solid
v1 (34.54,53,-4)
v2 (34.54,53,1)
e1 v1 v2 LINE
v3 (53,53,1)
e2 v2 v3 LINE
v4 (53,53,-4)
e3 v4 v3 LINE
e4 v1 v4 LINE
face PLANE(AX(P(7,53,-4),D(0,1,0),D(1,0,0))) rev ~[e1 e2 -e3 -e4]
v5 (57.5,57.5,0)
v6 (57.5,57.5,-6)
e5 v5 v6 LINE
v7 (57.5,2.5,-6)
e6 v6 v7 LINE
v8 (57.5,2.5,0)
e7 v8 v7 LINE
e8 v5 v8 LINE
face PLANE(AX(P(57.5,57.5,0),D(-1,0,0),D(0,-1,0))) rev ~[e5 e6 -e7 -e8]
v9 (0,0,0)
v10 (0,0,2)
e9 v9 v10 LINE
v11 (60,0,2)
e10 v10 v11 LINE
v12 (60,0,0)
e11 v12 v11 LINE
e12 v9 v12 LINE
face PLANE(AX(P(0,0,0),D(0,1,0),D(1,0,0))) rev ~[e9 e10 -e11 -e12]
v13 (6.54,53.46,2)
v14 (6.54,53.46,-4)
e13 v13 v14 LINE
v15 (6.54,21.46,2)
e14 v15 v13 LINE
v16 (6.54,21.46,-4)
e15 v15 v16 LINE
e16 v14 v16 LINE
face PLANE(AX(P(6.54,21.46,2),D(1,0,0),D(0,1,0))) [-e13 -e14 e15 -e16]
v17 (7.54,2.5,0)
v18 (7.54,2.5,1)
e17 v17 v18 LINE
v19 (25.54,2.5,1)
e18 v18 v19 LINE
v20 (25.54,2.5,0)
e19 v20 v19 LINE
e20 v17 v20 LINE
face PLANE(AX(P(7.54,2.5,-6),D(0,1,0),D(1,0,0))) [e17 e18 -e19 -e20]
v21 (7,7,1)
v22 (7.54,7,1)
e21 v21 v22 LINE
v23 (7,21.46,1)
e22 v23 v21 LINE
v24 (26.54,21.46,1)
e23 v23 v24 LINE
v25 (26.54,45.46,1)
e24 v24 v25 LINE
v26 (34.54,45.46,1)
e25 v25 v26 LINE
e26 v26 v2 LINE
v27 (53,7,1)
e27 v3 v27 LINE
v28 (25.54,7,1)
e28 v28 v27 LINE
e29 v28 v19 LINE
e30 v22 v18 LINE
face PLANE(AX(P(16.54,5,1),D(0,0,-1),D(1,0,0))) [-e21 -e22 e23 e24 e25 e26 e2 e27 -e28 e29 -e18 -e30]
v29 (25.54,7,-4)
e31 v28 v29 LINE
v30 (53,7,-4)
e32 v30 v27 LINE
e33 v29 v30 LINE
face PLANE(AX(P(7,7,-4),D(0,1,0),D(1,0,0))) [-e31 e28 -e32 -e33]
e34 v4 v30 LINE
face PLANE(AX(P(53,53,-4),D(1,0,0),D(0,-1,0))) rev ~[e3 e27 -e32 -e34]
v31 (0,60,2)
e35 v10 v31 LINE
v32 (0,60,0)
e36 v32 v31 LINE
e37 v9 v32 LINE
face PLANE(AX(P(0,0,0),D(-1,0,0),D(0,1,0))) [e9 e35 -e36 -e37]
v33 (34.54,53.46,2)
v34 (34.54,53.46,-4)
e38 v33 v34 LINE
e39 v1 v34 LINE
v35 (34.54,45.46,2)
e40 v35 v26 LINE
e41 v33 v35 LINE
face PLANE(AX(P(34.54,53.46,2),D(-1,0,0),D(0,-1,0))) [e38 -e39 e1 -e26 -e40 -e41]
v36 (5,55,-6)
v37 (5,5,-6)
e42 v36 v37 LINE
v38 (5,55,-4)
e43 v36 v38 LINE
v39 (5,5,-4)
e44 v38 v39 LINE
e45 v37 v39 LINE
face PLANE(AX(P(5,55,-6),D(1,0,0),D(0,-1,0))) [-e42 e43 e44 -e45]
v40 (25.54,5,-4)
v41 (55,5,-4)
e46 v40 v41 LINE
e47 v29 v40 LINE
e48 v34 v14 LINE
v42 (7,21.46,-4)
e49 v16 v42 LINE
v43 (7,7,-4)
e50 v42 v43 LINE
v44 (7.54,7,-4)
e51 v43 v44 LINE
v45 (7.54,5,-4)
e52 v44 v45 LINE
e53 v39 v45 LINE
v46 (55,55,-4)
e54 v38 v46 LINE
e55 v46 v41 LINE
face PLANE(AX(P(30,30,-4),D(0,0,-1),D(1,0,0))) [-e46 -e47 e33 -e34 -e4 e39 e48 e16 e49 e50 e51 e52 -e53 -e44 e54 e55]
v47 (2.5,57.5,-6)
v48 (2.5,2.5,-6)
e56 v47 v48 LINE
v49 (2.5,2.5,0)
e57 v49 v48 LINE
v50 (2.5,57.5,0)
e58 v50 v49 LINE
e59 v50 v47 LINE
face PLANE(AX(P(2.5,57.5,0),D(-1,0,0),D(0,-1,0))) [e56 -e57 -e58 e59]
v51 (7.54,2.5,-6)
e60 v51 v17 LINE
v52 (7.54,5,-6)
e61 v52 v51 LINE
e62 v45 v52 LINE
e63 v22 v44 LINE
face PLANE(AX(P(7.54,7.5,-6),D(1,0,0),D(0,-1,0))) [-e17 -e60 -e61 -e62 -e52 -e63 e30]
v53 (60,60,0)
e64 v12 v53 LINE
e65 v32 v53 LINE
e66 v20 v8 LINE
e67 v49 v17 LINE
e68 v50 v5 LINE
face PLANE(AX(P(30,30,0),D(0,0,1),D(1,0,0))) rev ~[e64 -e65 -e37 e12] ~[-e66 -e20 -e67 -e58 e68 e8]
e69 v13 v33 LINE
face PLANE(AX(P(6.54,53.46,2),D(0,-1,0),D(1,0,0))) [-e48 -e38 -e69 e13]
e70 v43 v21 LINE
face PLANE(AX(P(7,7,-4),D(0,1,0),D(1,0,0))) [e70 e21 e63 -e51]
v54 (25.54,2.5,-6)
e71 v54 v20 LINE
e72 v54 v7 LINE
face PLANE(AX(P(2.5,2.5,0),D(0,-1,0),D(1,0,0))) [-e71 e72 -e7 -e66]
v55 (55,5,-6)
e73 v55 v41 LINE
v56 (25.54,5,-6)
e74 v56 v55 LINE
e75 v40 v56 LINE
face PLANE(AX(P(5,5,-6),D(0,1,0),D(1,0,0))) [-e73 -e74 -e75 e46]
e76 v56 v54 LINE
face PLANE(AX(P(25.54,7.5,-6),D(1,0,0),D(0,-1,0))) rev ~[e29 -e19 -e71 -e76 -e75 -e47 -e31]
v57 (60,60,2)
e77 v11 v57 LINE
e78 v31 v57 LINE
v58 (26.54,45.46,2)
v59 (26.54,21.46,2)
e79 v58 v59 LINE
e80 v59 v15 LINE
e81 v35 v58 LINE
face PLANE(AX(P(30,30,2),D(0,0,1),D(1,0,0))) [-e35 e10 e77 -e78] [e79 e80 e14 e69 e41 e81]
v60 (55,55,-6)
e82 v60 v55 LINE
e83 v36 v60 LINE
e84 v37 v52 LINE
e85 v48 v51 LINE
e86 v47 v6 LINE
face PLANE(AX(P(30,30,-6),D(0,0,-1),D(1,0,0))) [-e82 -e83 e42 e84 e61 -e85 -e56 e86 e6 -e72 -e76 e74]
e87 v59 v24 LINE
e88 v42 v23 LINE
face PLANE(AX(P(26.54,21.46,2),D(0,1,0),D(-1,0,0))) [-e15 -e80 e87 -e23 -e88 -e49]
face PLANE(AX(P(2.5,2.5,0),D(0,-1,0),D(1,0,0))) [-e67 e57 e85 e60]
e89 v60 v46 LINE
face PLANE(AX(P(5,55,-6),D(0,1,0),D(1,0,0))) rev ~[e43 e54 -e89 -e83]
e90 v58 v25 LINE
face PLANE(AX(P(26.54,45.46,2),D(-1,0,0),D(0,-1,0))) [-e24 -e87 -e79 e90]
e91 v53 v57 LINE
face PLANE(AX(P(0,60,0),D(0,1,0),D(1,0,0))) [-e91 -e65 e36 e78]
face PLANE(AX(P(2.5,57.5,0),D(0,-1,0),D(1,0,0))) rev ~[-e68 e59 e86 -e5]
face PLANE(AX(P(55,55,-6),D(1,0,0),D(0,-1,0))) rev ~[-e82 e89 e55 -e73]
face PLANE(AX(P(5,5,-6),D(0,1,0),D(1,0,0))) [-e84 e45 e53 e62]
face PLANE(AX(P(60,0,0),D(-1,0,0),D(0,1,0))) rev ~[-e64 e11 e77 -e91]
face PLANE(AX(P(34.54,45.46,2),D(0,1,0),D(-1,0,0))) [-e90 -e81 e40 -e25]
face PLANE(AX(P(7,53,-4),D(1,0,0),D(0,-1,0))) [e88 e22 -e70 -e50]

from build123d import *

# Parameters (mm, degrees)
SKETCH_W        = 60
SKETCH_H        = 60
PAD_DEPTH       = 2
SKETCH001_W     = 55
SKETCH001_H     = 55
PAD001_DEPTH    = 6
SKETCH002_W     = 50
SKETCH002_H     = 50
POCKET_DEPTH    = 2
SKETCH005_W     = 46
SKETCH005_H     = 46
POCKET003_DEPTH = 5
POCKET001_DEPTH = 8.001
SKETCH004_W     = 18
SKETCH004_H     = 5
POCKET002_DEPTH = 7


with BuildPart() as part:
    # Sketch → Pad (new body)
    with BuildSketch(Plane.XY):
        with Locations((30, 30)):
            Rectangle(SKETCH_W, SKETCH_H)
    extrude(amount=PAD_DEPTH)

    # Sketch001 (on DatumPlane) → Pad001 (join)
    with BuildSketch(Plane(origin=(0, 0, 0), x_dir=(1, 0, 0), z_dir=(0, 0, -1))):
        with Locations((30, -30)):
            Rectangle(SKETCH001_W, SKETCH001_H)
    extrude(amount=PAD001_DEPTH)

    # Sketch002 (on DatumPlane) → Pocket (cut)
    with BuildSketch(Plane(origin=(0, 0, -6), x_dir=(1, 0, 0), z_dir=(0, 0, -1))):
        with Locations((30, -30)):
            Rectangle(SKETCH002_W, SKETCH002_H)
    extrude(amount=-POCKET_DEPTH, mode=Mode.SUBTRACT)

    # Sketch005 (on DatumPlane) → Pocket003 (cut)
    with BuildSketch(Plane(origin=(0, 0, -4), x_dir=(1, 0, 0), z_dir=(0, 0, -1))):
        with Locations((30, -30)):
            Rectangle(SKETCH005_W, SKETCH005_H)
    extrude(amount=-POCKET003_DEPTH, mode=Mode.SUBTRACT)

    # Sketch003 (on Face5 of Pocket) → Pocket001 (cut, through all)
    with BuildSketch(Plane.XY.offset(2)):
        Polygon((6.54, 53.46), (34.54, 53.46), (34.54, 45.46), (26.54, 45.46), (26.54, 21.46), (6.54, 21.46), align=None)
    extrude(amount=-POCKET001_DEPTH, mode=Mode.SUBTRACT)

    # Sketch004 (on DatumPlane) → Pocket002 (cut)
    with BuildSketch(Plane(origin=(0, 0, -6), x_dir=(1, 0, 0), z_dir=(0, 0, -1))):
        with Locations((16.54, -5)):
            Rectangle(SKETCH004_W, SKETCH004_H)
    extrude(amount=-POCKET002_DEPTH, mode=Mode.SUBTRACT)


solid = part.part
